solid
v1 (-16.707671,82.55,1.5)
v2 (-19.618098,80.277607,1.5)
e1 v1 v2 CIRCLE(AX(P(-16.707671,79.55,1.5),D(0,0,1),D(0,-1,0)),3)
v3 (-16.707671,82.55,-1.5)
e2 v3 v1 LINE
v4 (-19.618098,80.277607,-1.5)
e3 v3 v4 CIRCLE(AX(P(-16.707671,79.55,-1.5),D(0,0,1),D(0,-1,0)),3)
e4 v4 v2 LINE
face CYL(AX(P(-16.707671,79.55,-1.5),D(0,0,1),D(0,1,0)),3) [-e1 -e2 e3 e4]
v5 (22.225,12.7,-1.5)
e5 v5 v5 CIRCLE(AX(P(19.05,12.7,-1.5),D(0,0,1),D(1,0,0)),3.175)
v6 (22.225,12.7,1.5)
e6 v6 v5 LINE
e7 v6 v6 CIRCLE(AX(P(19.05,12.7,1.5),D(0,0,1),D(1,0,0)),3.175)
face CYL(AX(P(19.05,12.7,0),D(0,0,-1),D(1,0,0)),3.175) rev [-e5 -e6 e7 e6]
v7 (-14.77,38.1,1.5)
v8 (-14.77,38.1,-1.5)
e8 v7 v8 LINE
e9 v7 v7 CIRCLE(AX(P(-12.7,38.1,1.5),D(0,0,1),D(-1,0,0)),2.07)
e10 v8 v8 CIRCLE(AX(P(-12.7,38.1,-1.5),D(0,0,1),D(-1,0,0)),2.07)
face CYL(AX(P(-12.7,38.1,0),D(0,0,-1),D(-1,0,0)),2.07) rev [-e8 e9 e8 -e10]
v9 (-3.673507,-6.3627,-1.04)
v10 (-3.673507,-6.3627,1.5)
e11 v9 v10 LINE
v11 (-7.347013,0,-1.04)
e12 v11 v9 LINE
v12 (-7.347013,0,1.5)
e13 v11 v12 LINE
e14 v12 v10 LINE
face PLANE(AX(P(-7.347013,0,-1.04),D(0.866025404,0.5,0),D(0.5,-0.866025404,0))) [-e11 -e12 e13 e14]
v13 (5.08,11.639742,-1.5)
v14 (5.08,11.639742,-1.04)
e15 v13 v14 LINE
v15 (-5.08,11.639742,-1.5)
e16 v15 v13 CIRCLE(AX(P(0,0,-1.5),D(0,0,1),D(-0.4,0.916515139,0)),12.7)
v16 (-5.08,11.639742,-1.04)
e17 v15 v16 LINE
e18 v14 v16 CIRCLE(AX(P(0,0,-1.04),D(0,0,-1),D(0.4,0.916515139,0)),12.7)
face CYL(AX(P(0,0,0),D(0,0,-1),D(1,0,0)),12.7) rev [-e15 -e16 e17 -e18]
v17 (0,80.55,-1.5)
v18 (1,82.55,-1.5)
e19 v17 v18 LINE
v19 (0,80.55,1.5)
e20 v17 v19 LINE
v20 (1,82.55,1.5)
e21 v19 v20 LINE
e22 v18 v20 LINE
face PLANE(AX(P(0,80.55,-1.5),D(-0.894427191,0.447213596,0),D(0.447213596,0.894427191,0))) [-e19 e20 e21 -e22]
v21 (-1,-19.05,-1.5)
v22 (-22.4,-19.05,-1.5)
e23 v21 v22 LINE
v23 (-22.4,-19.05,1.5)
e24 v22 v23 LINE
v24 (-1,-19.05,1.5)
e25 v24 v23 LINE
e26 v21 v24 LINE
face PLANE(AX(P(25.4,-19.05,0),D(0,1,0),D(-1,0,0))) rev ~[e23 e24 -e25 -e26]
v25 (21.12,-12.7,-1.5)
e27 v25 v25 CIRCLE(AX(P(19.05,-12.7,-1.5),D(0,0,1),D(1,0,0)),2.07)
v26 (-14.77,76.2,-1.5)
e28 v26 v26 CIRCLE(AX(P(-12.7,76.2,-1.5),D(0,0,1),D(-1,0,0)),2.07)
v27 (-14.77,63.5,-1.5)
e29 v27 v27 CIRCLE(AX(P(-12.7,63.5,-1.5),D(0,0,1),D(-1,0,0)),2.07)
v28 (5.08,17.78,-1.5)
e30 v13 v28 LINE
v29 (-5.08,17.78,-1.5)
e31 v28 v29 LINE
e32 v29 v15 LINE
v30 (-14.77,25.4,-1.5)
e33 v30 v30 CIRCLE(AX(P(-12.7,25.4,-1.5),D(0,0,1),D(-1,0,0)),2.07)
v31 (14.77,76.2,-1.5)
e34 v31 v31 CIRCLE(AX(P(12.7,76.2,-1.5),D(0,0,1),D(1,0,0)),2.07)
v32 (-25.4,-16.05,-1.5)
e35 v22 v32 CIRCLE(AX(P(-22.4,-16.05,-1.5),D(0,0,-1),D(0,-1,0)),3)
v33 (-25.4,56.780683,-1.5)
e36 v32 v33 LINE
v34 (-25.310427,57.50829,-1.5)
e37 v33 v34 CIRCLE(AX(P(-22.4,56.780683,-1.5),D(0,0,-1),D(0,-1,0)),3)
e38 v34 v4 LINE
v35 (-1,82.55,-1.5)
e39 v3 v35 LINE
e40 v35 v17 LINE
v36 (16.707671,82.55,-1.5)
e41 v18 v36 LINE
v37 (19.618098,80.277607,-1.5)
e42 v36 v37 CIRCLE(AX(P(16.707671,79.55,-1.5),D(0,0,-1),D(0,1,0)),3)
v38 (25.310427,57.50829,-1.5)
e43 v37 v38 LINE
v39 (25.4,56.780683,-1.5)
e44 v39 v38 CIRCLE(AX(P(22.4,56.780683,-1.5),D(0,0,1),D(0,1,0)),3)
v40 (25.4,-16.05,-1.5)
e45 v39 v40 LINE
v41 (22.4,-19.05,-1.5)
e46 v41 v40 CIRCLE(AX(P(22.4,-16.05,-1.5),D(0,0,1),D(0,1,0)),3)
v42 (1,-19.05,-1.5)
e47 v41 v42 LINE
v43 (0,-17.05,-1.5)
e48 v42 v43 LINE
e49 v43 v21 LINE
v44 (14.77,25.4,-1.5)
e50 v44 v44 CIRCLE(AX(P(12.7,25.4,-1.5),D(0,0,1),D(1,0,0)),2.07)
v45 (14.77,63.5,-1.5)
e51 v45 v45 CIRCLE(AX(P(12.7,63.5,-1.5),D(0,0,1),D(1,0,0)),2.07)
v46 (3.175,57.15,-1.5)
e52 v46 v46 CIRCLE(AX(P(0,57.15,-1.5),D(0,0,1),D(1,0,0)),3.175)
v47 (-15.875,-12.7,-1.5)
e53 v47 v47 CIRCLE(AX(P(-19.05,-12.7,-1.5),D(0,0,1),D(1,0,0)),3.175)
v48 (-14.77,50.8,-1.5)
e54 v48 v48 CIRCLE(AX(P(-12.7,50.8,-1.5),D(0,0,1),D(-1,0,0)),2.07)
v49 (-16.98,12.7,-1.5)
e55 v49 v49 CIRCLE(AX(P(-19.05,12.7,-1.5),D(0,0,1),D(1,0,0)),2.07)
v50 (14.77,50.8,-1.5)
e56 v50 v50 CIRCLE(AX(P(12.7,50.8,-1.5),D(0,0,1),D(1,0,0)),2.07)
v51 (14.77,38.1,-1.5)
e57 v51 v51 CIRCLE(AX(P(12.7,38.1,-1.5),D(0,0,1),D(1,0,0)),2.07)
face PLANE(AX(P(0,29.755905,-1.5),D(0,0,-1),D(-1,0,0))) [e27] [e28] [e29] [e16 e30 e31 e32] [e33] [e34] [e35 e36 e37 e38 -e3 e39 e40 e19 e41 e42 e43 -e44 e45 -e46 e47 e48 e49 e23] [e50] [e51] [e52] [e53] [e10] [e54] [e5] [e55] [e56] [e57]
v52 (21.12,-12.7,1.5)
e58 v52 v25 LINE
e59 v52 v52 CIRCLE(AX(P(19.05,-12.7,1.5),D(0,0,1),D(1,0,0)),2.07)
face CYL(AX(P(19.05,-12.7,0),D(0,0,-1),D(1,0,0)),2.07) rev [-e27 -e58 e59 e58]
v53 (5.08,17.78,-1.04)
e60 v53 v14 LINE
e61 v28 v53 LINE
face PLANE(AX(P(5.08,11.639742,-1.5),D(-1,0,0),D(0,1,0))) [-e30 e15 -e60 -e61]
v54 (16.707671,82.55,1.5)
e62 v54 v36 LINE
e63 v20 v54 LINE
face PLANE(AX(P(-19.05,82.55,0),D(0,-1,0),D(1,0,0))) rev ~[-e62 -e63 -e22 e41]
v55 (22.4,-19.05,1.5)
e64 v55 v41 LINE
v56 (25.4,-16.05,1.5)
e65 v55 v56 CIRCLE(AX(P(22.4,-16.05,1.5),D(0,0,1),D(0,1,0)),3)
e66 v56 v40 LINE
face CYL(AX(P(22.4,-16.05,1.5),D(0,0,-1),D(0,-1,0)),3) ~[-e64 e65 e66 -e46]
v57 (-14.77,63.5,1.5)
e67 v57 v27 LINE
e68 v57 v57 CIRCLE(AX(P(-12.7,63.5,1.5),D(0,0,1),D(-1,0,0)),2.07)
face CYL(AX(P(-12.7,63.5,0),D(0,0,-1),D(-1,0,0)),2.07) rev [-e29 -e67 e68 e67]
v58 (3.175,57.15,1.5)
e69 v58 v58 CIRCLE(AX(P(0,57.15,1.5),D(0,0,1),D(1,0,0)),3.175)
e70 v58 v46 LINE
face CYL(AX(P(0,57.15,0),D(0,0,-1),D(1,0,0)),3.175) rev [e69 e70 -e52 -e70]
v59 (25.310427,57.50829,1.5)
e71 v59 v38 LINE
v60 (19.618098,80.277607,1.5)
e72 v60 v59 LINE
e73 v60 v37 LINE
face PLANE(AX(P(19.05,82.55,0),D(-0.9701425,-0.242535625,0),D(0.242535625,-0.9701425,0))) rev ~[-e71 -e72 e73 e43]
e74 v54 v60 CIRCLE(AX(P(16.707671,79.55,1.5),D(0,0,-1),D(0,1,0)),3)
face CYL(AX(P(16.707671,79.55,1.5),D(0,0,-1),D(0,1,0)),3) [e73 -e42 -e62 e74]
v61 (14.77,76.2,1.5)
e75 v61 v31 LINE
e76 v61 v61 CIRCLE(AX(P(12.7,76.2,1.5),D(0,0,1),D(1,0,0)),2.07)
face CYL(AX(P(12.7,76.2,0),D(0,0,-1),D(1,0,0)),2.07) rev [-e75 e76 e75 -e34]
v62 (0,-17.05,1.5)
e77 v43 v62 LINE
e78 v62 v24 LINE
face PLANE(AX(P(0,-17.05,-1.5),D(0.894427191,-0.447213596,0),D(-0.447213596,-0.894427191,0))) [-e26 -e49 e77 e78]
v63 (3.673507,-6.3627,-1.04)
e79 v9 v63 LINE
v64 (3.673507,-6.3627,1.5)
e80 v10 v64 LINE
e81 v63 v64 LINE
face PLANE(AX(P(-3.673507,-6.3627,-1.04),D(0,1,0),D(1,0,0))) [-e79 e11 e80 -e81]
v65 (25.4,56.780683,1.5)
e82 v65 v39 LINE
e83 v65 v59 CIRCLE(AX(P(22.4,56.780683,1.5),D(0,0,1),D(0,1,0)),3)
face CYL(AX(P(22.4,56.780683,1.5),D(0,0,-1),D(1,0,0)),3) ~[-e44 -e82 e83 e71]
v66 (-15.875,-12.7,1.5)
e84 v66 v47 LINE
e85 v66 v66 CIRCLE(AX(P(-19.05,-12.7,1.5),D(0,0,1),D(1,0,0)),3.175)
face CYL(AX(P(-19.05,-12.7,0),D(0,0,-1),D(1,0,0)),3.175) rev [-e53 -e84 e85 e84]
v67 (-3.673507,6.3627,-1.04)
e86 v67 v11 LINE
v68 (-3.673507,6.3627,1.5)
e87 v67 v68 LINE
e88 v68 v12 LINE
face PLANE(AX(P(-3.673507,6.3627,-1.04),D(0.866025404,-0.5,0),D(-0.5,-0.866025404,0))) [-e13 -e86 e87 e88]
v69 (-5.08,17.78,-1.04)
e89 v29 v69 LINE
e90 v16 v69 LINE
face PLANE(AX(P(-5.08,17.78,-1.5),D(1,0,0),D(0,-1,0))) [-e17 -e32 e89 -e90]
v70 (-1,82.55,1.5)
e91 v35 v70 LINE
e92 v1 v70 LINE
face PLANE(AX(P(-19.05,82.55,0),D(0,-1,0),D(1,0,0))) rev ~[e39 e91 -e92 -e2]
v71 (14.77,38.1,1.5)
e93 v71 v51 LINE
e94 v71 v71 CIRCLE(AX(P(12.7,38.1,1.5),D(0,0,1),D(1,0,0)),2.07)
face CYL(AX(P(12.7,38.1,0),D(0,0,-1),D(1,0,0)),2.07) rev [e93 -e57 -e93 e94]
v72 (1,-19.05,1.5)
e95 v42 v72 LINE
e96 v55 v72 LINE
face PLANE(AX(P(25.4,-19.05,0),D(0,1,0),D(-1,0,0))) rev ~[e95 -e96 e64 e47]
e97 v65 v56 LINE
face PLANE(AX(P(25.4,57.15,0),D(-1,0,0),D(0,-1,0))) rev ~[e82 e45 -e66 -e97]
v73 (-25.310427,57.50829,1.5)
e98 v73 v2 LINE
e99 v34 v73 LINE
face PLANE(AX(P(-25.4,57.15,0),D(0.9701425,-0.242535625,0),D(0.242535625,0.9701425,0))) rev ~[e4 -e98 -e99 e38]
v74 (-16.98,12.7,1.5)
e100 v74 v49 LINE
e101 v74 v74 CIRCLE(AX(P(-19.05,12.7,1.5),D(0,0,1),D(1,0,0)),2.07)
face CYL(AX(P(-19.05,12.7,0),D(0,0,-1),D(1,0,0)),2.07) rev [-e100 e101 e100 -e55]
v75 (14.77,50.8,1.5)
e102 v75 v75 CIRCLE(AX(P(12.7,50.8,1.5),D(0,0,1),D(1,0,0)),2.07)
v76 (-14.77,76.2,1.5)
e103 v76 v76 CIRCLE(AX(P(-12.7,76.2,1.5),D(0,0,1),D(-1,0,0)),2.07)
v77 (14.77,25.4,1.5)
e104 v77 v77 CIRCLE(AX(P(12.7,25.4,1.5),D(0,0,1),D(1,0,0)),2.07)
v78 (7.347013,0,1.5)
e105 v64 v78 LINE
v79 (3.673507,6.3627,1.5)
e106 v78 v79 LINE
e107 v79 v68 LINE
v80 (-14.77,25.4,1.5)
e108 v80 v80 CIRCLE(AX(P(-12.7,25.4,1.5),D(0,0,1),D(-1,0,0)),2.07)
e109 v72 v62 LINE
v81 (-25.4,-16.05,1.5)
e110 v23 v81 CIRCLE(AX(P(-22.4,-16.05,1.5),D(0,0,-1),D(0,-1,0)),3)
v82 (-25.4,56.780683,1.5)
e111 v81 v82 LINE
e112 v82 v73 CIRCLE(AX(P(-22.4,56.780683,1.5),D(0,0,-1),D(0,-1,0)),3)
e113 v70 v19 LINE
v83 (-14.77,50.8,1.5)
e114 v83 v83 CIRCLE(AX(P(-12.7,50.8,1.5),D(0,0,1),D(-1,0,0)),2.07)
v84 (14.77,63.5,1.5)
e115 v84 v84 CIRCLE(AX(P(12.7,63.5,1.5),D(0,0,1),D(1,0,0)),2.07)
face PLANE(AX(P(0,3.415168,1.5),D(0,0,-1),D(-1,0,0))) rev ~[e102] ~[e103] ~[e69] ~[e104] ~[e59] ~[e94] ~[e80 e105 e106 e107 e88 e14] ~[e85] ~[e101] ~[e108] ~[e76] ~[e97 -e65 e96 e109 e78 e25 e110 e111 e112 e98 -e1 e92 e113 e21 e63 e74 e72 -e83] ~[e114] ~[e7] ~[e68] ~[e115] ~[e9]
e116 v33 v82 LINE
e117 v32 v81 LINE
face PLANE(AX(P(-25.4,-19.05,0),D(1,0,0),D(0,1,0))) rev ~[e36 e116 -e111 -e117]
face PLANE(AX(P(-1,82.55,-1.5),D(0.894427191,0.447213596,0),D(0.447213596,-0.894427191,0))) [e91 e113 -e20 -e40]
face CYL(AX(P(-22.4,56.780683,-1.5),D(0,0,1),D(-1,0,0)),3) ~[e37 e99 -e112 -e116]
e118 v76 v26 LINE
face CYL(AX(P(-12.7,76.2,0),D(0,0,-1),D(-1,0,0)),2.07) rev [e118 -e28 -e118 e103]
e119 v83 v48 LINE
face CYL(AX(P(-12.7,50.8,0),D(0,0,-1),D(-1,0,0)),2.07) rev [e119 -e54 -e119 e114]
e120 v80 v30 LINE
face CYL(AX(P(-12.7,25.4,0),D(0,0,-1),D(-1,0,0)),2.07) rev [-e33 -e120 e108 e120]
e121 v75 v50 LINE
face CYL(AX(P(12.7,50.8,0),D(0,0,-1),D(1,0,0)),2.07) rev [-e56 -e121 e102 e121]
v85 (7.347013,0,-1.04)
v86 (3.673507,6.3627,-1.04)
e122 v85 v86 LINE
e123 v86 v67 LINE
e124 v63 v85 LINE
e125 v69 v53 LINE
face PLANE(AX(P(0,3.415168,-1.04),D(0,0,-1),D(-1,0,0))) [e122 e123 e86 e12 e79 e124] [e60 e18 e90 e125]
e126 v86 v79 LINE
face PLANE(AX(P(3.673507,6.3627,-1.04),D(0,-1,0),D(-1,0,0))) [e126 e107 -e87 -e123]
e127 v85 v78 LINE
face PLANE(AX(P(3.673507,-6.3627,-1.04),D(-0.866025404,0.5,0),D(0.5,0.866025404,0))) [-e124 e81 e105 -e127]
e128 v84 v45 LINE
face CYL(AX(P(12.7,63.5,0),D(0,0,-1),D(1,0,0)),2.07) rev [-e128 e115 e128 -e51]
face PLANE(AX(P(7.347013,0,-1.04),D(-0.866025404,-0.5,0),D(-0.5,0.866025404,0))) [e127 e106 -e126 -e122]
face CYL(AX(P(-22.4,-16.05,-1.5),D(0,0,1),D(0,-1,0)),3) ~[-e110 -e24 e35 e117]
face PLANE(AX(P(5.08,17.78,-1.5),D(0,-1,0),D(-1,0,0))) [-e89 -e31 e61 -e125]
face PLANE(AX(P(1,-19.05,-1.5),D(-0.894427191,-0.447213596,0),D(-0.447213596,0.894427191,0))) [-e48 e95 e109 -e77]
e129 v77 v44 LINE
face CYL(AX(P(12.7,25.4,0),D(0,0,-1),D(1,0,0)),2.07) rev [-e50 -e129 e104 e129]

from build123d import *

# Parameters (mm, degrees)
SKETCH1_R           = 12.7
SKETCH1_R_2         = 3.175
SKETCH1_R_3         = 2.07
BOSS_EXTRUDE1_DEPTH = 1.5
FILLET1_R           = 3.000000096
CUT_EXTRUDE1_START  = -3
CUT_EXTRUDE1_DEPTH  = 3
BOSS_EXTRUDE3_START = -2.54
BOSS_EXTRUDE3_DEPTH = 2.54


with BuildPart() as part:
    # Sketch1 → Boss-Extrude1 (new, symmetric)
    with BuildSketch(Plane.XY):
        Polygon((-19.05, 82.55), (19.05, 82.55), (25.4, 57.15), (25.4, -19.05), (-25.4, -19.05), (-25.4, 57.15), align=None)
        Circle(SKETCH1_R, mode=Mode.SUBTRACT)
        with Locations((-19.05, -12.7)):
            Circle(SKETCH1_R_2, mode=Mode.SUBTRACT)
        with Locations((19.05, 12.7)):
            Circle(SKETCH1_R_2, mode=Mode.SUBTRACT)
        with Locations((-19.05, 12.7)):
            Circle(SKETCH1_R_3, mode=Mode.SUBTRACT)
        with Locations((19.05, -12.7)):
            Circle(SKETCH1_R_3, mode=Mode.SUBTRACT)
        with Locations((0, 57.15)):
            Circle(SKETCH1_R_2, mode=Mode.SUBTRACT)
        with Locations((12.7, 25.4)):
            Circle(SKETCH1_R_3, mode=Mode.SUBTRACT)
        with Locations((12.7, 38.1)):
            Circle(SKETCH1_R_3, mode=Mode.SUBTRACT)
        with Locations((12.7, 50.8)):
            Circle(SKETCH1_R_3, mode=Mode.SUBTRACT)
        with Locations((12.7, 63.5)):
            Circle(SKETCH1_R_3, mode=Mode.SUBTRACT)
        with Locations((12.7, 76.2)):
            Circle(SKETCH1_R_3, mode=Mode.SUBTRACT)
        with Locations(Location((-12.7, 25.4, 0), (0, 0, 180))):
            Circle(SKETCH1_R_3, mode=Mode.SUBTRACT)
        with Locations(Location((-12.7, 38.1, 0), (0, 0, 180))):
            Circle(SKETCH1_R_3, mode=Mode.SUBTRACT)
        with Locations(Location((-12.7, 50.8, 0), (0, 0, 180))):
            Circle(SKETCH1_R_3, mode=Mode.SUBTRACT)
        with Locations(Location((-12.7, 63.5, 0), (0, 0, 180))):
            Circle(SKETCH1_R_3, mode=Mode.SUBTRACT)
        with Locations(Location((-12.7, 76.2, 0), (0, 0, 180))):
            Circle(SKETCH1_R_3, mode=Mode.SUBTRACT)
    extrude(amount=BOSS_EXTRUDE1_DEPTH, both=True)

    # Fillet1
    fillet1_edges = [part.edges().sort_by_distance(p)[0] for p in [
        (-19.05, 82.55, 0),
        (19.05, 82.55, 0),
        (25.4, 57.15, 0),
        (25.4, -19.05, 0),
        (-25.4, -19.05, 0),
        (-25.4, 57.15, 0),
    ]]
    fillet(fillet1_edges, radius=FILLET1_R)

    # Sketch2 → Cut-Extrude1 (cut)
    with BuildSketch(Plane.XY.offset(1.5).offset(CUT_EXTRUDE1_START)):
        with BuildLine():
            Line((5.08, 17.78), (-5.08, 17.78))
            Line((-5.08, 17.78), (-5.08, 11.639742265))
            ThreePointArc((-5.08, 11.639742265), (0, 12.7), (5.08, 11.639742265))
            Line((5.08, 11.639742265), (5.08, 17.78))
        make_face()
        Polygon((0, -17.05), (-1, -19.05), (1, -19.05), align=None)
        Polygon((1, 82.55), (-1, 82.55), (0, 80.55), align=None)
    extrude(amount=CUT_EXTRUDE1_DEPTH, mode=Mode.SUBTRACT)

    # Sketch3 → Boss-Extrude3 (add)
    with BuildSketch(Plane.XY.offset(1.5).offset(BOSS_EXTRUDE3_START)):
        with BuildLine():
            Line((5.08, 17.78), (5.08, 11.639742265))
            ThreePointArc((5.08, 11.639742265), (0, -12.7), (-5.08, 11.639742265))
            Line((-5.08, 11.639742265), (-5.08, 17.78))
            Line((-5.08, 17.78), (5.08, 17.78))
        make_face()
        Polygon((7.347013116, 0), (3.673506558, 6.3627), (-3.673506558, 6.3627), (-7.347013116, 0), (-3.673506558, -6.3627), (3.673506558, -6.3627), align=None, mode=Mode.SUBTRACT)
    extrude(amount=BOSS_EXTRUDE3_DEPTH)


solid = part.part
